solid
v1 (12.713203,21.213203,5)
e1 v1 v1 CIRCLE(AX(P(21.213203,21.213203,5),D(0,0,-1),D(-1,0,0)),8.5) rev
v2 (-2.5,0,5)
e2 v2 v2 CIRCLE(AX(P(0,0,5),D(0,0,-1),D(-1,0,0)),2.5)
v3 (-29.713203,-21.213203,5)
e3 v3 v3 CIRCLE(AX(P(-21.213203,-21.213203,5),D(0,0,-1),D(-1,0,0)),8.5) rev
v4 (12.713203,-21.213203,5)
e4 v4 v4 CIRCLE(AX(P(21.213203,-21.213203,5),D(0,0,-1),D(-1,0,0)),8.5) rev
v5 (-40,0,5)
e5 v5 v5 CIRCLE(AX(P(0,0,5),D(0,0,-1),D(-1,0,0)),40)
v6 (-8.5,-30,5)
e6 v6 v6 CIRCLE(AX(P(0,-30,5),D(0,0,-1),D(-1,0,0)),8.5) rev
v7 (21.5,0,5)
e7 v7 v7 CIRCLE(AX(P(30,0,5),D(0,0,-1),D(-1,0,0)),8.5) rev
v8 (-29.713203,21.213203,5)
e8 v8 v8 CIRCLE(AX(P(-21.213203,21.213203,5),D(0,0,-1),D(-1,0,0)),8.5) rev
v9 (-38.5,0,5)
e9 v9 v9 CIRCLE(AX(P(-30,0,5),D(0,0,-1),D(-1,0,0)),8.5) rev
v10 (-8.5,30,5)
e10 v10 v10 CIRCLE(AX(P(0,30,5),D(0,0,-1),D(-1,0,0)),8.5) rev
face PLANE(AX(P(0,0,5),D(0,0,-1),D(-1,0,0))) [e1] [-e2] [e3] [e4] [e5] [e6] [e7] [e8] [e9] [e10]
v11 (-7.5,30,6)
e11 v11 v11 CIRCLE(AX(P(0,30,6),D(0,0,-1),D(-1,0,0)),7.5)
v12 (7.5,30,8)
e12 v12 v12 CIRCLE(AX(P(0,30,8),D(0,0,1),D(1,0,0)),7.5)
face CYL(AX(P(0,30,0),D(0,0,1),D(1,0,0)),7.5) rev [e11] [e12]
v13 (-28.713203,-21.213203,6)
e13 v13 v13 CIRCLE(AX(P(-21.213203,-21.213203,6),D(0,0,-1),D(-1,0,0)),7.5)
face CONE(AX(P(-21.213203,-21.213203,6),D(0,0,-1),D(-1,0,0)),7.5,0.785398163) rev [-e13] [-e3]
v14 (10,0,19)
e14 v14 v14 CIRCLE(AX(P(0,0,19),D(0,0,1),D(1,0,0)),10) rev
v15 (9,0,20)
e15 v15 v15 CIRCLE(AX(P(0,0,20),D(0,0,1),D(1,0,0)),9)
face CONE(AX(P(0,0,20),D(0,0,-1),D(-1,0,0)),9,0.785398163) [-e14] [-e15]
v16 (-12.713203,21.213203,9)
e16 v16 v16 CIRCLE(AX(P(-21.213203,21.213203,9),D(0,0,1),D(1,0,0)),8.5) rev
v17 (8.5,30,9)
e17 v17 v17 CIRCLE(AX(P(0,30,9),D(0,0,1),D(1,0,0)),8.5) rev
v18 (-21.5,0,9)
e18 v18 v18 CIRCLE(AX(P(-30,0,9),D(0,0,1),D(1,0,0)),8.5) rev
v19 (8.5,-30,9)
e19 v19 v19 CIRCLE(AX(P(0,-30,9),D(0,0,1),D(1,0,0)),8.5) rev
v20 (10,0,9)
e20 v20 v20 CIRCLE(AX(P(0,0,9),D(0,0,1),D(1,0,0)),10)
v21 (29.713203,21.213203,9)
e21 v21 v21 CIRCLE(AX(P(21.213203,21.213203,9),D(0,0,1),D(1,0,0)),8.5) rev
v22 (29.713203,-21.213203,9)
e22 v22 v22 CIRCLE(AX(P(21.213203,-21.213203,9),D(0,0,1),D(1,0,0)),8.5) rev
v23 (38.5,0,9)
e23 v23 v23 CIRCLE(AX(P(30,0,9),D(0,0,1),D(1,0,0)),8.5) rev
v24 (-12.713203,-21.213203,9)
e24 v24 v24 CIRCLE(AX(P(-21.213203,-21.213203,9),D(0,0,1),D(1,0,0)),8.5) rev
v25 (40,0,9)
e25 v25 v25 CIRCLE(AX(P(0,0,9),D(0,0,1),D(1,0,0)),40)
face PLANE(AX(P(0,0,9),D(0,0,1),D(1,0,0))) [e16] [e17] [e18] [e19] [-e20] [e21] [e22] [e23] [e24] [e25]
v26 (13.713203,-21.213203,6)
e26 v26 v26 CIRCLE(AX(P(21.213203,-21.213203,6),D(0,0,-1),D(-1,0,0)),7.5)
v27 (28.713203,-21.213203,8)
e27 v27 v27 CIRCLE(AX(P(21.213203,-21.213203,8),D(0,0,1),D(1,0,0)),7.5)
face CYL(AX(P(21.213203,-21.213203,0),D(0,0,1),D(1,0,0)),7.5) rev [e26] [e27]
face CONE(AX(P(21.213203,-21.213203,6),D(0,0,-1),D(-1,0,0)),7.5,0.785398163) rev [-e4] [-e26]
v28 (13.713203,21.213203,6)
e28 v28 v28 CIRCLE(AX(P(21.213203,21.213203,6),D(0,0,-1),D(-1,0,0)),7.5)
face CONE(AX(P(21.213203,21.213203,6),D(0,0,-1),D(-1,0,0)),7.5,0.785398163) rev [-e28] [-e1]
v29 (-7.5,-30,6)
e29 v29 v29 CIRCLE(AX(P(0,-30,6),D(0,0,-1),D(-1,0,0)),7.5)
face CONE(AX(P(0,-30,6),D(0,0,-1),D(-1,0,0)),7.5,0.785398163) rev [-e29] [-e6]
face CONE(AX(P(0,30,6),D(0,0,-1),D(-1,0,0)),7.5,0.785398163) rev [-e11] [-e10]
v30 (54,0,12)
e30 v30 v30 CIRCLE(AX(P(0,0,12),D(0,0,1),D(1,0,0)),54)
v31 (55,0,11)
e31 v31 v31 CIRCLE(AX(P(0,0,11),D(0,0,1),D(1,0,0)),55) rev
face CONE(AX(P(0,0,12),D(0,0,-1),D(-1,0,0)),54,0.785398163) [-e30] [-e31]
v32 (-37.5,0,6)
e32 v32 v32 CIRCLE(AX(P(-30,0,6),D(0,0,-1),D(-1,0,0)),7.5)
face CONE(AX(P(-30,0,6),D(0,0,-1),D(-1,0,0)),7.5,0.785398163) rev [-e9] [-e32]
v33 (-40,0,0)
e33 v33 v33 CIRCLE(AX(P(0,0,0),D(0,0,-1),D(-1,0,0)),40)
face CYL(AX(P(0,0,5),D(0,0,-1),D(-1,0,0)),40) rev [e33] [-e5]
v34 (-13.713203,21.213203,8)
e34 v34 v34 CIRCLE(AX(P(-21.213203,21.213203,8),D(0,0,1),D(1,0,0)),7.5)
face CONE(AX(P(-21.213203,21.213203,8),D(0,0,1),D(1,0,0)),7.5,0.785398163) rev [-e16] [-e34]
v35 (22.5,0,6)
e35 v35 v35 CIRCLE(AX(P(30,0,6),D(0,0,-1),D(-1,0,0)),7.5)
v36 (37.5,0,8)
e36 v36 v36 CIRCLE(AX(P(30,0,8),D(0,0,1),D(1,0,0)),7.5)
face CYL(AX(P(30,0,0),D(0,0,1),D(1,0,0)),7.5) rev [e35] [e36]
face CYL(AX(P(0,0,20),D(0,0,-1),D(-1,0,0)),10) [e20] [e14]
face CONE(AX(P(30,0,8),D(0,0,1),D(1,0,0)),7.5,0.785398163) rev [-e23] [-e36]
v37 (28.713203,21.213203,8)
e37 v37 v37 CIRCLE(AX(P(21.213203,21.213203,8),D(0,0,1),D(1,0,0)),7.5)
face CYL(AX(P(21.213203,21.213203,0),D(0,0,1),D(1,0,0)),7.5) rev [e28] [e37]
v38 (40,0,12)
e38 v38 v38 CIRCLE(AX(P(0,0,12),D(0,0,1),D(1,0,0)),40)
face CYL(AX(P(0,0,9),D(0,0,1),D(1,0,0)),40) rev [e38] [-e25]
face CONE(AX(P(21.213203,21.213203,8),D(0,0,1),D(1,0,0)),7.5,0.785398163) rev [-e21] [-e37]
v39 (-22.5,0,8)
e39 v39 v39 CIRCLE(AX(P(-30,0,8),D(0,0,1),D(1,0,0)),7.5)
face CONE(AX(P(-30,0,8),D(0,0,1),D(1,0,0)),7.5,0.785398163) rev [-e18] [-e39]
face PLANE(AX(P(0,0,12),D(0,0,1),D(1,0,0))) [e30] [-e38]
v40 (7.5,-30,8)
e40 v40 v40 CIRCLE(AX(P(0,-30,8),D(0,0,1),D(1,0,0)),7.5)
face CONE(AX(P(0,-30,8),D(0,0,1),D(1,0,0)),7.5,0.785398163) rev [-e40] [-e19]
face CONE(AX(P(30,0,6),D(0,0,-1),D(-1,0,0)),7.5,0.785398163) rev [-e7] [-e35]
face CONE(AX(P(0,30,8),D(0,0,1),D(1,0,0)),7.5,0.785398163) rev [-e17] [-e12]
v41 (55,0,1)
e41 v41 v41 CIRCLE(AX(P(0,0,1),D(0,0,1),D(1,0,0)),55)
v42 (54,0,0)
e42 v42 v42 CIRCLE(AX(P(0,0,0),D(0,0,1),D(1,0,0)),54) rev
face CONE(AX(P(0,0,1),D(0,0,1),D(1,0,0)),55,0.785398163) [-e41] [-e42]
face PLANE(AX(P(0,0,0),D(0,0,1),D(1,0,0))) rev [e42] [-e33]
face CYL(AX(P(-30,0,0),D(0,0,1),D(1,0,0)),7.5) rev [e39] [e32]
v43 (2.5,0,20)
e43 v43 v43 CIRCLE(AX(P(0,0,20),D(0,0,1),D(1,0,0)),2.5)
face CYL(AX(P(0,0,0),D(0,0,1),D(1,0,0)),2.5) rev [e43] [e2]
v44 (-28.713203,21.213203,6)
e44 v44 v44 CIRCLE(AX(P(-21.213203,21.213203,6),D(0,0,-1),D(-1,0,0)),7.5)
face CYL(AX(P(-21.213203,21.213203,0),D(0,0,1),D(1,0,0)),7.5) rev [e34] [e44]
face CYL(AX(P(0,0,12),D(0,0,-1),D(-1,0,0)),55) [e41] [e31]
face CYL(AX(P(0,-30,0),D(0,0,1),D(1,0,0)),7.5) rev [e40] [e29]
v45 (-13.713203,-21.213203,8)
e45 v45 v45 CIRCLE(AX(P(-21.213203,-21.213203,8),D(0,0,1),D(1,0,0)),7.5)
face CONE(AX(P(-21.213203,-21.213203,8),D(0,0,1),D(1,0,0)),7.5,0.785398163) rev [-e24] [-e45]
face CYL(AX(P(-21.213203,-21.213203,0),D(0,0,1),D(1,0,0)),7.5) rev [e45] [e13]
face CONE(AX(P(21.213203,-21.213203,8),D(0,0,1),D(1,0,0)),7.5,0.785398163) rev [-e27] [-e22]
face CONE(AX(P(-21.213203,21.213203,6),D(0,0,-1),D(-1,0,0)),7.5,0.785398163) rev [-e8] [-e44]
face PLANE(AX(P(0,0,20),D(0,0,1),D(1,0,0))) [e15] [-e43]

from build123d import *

# Parameters (mm, degrees)
SKETCH1_R           = 55
BOSS_EXTRUDE1_DEPTH = 12
SKETCH2_R           = 40
CUT_EXTRUDE1_DEPTH  = 5
CUT_EXTRUDE2_START  = -3
SKETCH3_R           = 40
CUT_EXTRUDE2_DEPTH  = 3
SKETCH4_R           = 10
BOSS_EXTRUDE2_DEPTH = 11
SKETCH5_R           = 2.5
CUT_EXTRUDE3_DEPTH  = 81.311892021
SKETCH6_R           = 7.5
CUT_EXTRUDE4_DEPTH  = 79.555712714
CHAMFER1_SIZE       = 1


with BuildPart() as part:
    # Sketch1 → Boss-Extrude1 (new body)
    with BuildSketch(Plane.XY):
        Circle(SKETCH1_R)
    extrude(amount=BOSS_EXTRUDE1_DEPTH)

    # Sketch2 → Cut-Extrude1 (cut)
    with BuildSketch(Plane(origin=(0, 0, 0), x_dir=(-1, 0, 0), z_dir=(0, 0, -1))):
        Circle(SKETCH2_R)
    extrude(amount=-CUT_EXTRUDE1_DEPTH, mode=Mode.SUBTRACT)

    # Sketch3 → Cut-Extrude2 (cut)
    with BuildSketch(Plane.XY.offset(12).offset(CUT_EXTRUDE2_START)):
        with Locations(Location((0, 0, 0), (0, 0, 180))):
            Circle(SKETCH3_R)
    extrude(amount=CUT_EXTRUDE2_DEPTH, mode=Mode.SUBTRACT)

    # Sketch4 → Boss-Extrude2 (add)
    with BuildSketch(Plane.XY.offset(9)):
        Circle(SKETCH4_R)
    extrude(amount=BOSS_EXTRUDE2_DEPTH)

    # Sketch5 → Cut-Extrude3 (cut, through all)
    with BuildSketch(Plane.XY.offset(20)):
        Circle(SKETCH5_R)
    extrude(amount=-CUT_EXTRUDE3_DEPTH, mode=Mode.SUBTRACT)

    # Sketch6 → Cut-Extrude4 (cut, through all)
    with BuildSketch(Plane.XY.offset(9)):
        with Locations((0, 30)):
            Circle(SKETCH6_R)
        with Locations((21.213203436, 21.213203436)):
            Circle(SKETCH6_R)
        with Locations((30, 0)):
            Circle(SKETCH6_R)
        with Locations((21.213203436, -21.213203436)):
            Circle(SKETCH6_R)
        with Locations((0, -30)):
            Circle(SKETCH6_R)
        with Locations((-21.213203436, -21.213203436)):
            Circle(SKETCH6_R)
        with Locations((-30, 0)):
            Circle(SKETCH6_R)
        with Locations((-21.213203436, 21.213203436)):
            Circle(SKETCH6_R)
    extrude(amount=-CUT_EXTRUDE4_DEPTH, mode=Mode.SUBTRACT)

    # Chamfer1
    chamfer1_edges = [part.edges().sort_by_distance(p)[0] for p in [
        (-10, 0, 20),
        (-55, 0, 0),
        (-28.713203436, 21.213203436, 5),
        (-28.713203436, 21.213203436, 9),
        (-37.5, 0, 5),
        (-37.5, 0, 9),
        (-28.713203436, -21.213203436, 5),
        (-28.713203436, -21.213203436, 9),
        (-7.5, -30, 5),
        (-7.5, -30, 9),
        (13.713203436, -21.213203436, 5),
        (13.713203436, -21.213203436, 9),
        (22.5, 0, 5),
        (22.5, 0, 9),
        (13.713203436, 21.213203436, 5),
        (13.713203436, 21.213203436, 9),
        (-7.5, 30, 5),
        (-7.5, 30, 9),
        (-55, 0, 12),
    ]]
    chamfer(chamfer1_edges, length=CHAMFER1_SIZE)


solid = part.part
